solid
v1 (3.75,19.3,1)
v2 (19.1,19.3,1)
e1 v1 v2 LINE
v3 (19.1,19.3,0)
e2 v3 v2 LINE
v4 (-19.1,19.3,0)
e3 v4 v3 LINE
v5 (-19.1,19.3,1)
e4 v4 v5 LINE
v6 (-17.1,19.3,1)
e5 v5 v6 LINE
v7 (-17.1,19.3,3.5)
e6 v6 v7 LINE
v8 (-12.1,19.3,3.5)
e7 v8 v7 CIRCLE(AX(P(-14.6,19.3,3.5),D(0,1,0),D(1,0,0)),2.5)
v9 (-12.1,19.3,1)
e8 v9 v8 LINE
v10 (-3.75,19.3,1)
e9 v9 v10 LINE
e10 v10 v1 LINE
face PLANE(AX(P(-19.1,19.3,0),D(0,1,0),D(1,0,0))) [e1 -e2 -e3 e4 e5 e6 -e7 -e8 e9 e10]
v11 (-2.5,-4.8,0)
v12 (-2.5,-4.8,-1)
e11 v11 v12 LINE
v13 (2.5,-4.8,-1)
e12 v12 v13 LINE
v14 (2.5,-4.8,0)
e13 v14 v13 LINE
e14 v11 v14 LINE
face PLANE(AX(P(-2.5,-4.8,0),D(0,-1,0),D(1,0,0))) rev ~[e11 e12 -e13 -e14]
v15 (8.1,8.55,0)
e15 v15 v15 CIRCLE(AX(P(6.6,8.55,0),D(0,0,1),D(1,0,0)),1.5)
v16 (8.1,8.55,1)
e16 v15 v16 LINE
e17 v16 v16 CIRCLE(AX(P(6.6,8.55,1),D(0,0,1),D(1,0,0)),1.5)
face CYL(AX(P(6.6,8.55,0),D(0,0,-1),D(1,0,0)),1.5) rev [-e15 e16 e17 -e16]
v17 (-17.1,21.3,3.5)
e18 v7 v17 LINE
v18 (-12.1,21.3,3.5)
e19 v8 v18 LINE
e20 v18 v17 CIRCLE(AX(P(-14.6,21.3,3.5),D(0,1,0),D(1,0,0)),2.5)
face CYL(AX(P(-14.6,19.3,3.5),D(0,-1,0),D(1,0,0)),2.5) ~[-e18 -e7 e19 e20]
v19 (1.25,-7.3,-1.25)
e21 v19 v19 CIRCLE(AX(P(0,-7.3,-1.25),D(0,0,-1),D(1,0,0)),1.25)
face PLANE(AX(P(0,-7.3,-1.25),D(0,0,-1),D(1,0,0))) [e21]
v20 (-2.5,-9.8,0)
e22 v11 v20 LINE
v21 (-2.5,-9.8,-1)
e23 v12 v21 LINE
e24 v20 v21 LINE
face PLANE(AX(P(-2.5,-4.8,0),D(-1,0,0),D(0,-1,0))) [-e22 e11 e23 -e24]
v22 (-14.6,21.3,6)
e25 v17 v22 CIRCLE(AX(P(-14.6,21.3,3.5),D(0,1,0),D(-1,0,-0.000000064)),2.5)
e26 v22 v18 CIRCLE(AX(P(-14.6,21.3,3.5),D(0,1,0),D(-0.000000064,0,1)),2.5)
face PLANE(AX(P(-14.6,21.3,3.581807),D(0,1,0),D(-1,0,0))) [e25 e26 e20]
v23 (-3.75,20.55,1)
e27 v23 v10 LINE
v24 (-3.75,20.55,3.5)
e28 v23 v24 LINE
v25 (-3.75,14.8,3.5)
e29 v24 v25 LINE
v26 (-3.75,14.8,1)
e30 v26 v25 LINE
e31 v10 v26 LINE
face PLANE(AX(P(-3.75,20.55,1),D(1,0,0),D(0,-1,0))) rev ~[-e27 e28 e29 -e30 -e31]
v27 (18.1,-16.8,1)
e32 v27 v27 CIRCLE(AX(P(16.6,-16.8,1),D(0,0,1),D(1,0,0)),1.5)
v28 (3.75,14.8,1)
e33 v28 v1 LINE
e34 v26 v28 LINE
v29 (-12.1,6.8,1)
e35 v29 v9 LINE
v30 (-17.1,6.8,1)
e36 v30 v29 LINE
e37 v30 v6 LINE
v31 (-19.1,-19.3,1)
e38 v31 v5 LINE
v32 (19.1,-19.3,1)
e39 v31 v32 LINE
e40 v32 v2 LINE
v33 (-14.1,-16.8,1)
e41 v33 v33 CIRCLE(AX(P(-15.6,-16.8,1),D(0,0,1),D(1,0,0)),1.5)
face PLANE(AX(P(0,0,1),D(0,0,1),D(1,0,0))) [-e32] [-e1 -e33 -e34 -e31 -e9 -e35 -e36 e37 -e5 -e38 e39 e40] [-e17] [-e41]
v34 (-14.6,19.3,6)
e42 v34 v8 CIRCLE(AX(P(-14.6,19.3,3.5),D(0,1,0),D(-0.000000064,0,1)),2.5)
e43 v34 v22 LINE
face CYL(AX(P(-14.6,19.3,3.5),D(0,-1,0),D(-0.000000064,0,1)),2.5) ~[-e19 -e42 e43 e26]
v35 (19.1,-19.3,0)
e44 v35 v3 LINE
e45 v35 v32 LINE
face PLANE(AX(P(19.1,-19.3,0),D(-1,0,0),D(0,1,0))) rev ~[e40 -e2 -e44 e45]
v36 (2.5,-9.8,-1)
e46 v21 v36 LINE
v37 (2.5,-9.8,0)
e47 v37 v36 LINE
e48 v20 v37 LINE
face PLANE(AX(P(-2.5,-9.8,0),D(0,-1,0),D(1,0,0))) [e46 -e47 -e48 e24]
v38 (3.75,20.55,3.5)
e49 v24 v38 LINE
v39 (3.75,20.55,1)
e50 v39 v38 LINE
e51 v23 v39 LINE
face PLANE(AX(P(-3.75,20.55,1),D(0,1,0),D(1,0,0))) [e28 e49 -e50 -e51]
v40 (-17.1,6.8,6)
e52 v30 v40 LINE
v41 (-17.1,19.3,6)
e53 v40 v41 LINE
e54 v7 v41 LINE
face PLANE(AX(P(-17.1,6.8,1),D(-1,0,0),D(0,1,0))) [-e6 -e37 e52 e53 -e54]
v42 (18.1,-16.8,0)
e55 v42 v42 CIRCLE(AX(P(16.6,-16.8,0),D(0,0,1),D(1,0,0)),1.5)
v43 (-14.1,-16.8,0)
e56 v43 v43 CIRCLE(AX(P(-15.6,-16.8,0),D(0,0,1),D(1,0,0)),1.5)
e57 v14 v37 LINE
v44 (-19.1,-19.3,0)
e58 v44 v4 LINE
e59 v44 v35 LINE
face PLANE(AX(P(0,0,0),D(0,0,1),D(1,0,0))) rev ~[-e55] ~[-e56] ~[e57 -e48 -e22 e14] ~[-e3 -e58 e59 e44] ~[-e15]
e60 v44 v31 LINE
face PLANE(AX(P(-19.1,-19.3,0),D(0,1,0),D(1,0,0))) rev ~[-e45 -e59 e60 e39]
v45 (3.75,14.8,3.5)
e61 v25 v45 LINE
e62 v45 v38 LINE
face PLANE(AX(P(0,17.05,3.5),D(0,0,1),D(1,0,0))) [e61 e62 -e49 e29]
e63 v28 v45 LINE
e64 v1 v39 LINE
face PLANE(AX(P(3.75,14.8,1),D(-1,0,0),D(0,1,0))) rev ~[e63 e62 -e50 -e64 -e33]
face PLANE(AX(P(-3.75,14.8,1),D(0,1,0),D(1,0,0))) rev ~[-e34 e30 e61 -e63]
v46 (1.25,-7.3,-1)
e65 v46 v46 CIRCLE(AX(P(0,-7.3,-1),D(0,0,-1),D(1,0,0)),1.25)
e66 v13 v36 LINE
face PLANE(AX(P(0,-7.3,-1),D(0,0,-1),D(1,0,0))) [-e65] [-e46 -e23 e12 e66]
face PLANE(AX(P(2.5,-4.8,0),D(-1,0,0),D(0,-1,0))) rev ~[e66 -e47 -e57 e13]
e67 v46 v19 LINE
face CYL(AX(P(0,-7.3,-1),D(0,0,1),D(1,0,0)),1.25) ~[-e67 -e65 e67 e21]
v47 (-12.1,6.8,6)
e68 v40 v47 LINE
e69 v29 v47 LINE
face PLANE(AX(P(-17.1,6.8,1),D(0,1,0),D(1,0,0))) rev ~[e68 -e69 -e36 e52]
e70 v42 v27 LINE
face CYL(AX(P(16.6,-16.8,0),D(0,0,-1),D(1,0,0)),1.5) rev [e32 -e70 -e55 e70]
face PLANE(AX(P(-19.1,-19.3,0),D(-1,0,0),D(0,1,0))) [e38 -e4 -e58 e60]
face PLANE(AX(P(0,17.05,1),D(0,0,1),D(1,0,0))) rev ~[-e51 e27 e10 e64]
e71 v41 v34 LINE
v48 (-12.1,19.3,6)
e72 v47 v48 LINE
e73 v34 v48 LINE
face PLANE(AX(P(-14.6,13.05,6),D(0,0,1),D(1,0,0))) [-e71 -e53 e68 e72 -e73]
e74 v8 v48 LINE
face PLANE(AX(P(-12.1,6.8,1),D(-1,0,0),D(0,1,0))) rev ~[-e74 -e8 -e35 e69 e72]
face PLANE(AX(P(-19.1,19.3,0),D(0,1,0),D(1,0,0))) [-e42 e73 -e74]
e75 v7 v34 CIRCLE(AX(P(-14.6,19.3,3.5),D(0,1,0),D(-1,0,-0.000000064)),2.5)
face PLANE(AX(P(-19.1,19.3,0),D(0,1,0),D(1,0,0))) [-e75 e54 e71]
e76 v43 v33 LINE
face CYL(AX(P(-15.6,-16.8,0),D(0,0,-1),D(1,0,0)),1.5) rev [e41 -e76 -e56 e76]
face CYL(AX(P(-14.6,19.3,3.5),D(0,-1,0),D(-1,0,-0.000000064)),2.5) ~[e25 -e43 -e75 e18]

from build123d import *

# Parameters (mm, degrees)
F0_W      = 38.2
F0_H      = 38.6
F0_R      = 1.5
F1_DEPTH  = 1
F2_W      = 7.5
F2_H      = 4.5
F2_H_2    = 1.25
F3_DEPTH  = 2.5
F4_W      = 5
F4_H      = 5
F5_DEPTH  = 1
F6_R      = 1.25
F7_DEPTH  = 0.25
F8_W      = 5
F8_H      = 12.5
F9_DEPTH  = 5
F11_DEPTH = 2


with BuildPart() as f1:
    # F0 (on Top) → F1 (new body)
    with BuildSketch(Plane.XY):
        Rectangle(F0_W, F0_H)
        with Locations((-15.6, -16.8)):
            Circle(F0_R, mode=Mode.SUBTRACT)
        with Locations((16.6, -16.8)):
            Circle(F0_R, mode=Mode.SUBTRACT)
        with Locations((6.6, 8.55)):
            Circle(F0_R, mode=Mode.SUBTRACT)
    extrude(amount=F1_DEPTH)

    # F2 (on face) → F3 (join)
    with BuildSketch(Plane.XY.offset(1)):
        with Locations((0, 17.05)):
            Rectangle(F2_W, F2_H)
        with Locations((0, 19.925)):
            Rectangle(F2_W, F2_H_2)
    extrude(amount=F3_DEPTH)

    # F4 (on face) → F5 (join)
    with BuildSketch(Plane(origin=(0, 0, 0), x_dir=(1, 0, 0), z_dir=(0, 0, -1))):
        with Locations((0, 7.3)):
            Rectangle(F4_W, F4_H)
    extrude(amount=F5_DEPTH)

    # F6 (on face) → F7 (join)
    with BuildSketch(Plane(origin=(0, 0, -1), x_dir=(1, 0, 0), z_dir=(0, 0, -1))):
        with Locations((0, 7.3)):
            Circle(F6_R)
    extrude(amount=F7_DEPTH)

    # F8 (on face) → F9 (join)
    with BuildSketch(Plane.XY.offset(1)):
        with Locations((-14.6, 13.05)):
            Rectangle(F8_W, F8_H)
    extrude(amount=F9_DEPTH)

    # F10 (on face) → F11 (join)
    with BuildSketch(Plane(origin=(0, 19.3, 0), x_dir=(-1, 0, 0), z_dir=(0, 1, 0))):
        with BuildLine():
            ThreePointArc((12.1, 3.5), (14.6, 1), (17.1, 3.5))
            ThreePointArc((17.1, 3.5), (16.367767, 5.267767), (14.6, 6))
            ThreePointArc((14.6, 6), (12.832233, 5.267767), (12.1, 3.5))
        make_face()
    extrude(amount=F11_DEPTH)


solid = f1.part
